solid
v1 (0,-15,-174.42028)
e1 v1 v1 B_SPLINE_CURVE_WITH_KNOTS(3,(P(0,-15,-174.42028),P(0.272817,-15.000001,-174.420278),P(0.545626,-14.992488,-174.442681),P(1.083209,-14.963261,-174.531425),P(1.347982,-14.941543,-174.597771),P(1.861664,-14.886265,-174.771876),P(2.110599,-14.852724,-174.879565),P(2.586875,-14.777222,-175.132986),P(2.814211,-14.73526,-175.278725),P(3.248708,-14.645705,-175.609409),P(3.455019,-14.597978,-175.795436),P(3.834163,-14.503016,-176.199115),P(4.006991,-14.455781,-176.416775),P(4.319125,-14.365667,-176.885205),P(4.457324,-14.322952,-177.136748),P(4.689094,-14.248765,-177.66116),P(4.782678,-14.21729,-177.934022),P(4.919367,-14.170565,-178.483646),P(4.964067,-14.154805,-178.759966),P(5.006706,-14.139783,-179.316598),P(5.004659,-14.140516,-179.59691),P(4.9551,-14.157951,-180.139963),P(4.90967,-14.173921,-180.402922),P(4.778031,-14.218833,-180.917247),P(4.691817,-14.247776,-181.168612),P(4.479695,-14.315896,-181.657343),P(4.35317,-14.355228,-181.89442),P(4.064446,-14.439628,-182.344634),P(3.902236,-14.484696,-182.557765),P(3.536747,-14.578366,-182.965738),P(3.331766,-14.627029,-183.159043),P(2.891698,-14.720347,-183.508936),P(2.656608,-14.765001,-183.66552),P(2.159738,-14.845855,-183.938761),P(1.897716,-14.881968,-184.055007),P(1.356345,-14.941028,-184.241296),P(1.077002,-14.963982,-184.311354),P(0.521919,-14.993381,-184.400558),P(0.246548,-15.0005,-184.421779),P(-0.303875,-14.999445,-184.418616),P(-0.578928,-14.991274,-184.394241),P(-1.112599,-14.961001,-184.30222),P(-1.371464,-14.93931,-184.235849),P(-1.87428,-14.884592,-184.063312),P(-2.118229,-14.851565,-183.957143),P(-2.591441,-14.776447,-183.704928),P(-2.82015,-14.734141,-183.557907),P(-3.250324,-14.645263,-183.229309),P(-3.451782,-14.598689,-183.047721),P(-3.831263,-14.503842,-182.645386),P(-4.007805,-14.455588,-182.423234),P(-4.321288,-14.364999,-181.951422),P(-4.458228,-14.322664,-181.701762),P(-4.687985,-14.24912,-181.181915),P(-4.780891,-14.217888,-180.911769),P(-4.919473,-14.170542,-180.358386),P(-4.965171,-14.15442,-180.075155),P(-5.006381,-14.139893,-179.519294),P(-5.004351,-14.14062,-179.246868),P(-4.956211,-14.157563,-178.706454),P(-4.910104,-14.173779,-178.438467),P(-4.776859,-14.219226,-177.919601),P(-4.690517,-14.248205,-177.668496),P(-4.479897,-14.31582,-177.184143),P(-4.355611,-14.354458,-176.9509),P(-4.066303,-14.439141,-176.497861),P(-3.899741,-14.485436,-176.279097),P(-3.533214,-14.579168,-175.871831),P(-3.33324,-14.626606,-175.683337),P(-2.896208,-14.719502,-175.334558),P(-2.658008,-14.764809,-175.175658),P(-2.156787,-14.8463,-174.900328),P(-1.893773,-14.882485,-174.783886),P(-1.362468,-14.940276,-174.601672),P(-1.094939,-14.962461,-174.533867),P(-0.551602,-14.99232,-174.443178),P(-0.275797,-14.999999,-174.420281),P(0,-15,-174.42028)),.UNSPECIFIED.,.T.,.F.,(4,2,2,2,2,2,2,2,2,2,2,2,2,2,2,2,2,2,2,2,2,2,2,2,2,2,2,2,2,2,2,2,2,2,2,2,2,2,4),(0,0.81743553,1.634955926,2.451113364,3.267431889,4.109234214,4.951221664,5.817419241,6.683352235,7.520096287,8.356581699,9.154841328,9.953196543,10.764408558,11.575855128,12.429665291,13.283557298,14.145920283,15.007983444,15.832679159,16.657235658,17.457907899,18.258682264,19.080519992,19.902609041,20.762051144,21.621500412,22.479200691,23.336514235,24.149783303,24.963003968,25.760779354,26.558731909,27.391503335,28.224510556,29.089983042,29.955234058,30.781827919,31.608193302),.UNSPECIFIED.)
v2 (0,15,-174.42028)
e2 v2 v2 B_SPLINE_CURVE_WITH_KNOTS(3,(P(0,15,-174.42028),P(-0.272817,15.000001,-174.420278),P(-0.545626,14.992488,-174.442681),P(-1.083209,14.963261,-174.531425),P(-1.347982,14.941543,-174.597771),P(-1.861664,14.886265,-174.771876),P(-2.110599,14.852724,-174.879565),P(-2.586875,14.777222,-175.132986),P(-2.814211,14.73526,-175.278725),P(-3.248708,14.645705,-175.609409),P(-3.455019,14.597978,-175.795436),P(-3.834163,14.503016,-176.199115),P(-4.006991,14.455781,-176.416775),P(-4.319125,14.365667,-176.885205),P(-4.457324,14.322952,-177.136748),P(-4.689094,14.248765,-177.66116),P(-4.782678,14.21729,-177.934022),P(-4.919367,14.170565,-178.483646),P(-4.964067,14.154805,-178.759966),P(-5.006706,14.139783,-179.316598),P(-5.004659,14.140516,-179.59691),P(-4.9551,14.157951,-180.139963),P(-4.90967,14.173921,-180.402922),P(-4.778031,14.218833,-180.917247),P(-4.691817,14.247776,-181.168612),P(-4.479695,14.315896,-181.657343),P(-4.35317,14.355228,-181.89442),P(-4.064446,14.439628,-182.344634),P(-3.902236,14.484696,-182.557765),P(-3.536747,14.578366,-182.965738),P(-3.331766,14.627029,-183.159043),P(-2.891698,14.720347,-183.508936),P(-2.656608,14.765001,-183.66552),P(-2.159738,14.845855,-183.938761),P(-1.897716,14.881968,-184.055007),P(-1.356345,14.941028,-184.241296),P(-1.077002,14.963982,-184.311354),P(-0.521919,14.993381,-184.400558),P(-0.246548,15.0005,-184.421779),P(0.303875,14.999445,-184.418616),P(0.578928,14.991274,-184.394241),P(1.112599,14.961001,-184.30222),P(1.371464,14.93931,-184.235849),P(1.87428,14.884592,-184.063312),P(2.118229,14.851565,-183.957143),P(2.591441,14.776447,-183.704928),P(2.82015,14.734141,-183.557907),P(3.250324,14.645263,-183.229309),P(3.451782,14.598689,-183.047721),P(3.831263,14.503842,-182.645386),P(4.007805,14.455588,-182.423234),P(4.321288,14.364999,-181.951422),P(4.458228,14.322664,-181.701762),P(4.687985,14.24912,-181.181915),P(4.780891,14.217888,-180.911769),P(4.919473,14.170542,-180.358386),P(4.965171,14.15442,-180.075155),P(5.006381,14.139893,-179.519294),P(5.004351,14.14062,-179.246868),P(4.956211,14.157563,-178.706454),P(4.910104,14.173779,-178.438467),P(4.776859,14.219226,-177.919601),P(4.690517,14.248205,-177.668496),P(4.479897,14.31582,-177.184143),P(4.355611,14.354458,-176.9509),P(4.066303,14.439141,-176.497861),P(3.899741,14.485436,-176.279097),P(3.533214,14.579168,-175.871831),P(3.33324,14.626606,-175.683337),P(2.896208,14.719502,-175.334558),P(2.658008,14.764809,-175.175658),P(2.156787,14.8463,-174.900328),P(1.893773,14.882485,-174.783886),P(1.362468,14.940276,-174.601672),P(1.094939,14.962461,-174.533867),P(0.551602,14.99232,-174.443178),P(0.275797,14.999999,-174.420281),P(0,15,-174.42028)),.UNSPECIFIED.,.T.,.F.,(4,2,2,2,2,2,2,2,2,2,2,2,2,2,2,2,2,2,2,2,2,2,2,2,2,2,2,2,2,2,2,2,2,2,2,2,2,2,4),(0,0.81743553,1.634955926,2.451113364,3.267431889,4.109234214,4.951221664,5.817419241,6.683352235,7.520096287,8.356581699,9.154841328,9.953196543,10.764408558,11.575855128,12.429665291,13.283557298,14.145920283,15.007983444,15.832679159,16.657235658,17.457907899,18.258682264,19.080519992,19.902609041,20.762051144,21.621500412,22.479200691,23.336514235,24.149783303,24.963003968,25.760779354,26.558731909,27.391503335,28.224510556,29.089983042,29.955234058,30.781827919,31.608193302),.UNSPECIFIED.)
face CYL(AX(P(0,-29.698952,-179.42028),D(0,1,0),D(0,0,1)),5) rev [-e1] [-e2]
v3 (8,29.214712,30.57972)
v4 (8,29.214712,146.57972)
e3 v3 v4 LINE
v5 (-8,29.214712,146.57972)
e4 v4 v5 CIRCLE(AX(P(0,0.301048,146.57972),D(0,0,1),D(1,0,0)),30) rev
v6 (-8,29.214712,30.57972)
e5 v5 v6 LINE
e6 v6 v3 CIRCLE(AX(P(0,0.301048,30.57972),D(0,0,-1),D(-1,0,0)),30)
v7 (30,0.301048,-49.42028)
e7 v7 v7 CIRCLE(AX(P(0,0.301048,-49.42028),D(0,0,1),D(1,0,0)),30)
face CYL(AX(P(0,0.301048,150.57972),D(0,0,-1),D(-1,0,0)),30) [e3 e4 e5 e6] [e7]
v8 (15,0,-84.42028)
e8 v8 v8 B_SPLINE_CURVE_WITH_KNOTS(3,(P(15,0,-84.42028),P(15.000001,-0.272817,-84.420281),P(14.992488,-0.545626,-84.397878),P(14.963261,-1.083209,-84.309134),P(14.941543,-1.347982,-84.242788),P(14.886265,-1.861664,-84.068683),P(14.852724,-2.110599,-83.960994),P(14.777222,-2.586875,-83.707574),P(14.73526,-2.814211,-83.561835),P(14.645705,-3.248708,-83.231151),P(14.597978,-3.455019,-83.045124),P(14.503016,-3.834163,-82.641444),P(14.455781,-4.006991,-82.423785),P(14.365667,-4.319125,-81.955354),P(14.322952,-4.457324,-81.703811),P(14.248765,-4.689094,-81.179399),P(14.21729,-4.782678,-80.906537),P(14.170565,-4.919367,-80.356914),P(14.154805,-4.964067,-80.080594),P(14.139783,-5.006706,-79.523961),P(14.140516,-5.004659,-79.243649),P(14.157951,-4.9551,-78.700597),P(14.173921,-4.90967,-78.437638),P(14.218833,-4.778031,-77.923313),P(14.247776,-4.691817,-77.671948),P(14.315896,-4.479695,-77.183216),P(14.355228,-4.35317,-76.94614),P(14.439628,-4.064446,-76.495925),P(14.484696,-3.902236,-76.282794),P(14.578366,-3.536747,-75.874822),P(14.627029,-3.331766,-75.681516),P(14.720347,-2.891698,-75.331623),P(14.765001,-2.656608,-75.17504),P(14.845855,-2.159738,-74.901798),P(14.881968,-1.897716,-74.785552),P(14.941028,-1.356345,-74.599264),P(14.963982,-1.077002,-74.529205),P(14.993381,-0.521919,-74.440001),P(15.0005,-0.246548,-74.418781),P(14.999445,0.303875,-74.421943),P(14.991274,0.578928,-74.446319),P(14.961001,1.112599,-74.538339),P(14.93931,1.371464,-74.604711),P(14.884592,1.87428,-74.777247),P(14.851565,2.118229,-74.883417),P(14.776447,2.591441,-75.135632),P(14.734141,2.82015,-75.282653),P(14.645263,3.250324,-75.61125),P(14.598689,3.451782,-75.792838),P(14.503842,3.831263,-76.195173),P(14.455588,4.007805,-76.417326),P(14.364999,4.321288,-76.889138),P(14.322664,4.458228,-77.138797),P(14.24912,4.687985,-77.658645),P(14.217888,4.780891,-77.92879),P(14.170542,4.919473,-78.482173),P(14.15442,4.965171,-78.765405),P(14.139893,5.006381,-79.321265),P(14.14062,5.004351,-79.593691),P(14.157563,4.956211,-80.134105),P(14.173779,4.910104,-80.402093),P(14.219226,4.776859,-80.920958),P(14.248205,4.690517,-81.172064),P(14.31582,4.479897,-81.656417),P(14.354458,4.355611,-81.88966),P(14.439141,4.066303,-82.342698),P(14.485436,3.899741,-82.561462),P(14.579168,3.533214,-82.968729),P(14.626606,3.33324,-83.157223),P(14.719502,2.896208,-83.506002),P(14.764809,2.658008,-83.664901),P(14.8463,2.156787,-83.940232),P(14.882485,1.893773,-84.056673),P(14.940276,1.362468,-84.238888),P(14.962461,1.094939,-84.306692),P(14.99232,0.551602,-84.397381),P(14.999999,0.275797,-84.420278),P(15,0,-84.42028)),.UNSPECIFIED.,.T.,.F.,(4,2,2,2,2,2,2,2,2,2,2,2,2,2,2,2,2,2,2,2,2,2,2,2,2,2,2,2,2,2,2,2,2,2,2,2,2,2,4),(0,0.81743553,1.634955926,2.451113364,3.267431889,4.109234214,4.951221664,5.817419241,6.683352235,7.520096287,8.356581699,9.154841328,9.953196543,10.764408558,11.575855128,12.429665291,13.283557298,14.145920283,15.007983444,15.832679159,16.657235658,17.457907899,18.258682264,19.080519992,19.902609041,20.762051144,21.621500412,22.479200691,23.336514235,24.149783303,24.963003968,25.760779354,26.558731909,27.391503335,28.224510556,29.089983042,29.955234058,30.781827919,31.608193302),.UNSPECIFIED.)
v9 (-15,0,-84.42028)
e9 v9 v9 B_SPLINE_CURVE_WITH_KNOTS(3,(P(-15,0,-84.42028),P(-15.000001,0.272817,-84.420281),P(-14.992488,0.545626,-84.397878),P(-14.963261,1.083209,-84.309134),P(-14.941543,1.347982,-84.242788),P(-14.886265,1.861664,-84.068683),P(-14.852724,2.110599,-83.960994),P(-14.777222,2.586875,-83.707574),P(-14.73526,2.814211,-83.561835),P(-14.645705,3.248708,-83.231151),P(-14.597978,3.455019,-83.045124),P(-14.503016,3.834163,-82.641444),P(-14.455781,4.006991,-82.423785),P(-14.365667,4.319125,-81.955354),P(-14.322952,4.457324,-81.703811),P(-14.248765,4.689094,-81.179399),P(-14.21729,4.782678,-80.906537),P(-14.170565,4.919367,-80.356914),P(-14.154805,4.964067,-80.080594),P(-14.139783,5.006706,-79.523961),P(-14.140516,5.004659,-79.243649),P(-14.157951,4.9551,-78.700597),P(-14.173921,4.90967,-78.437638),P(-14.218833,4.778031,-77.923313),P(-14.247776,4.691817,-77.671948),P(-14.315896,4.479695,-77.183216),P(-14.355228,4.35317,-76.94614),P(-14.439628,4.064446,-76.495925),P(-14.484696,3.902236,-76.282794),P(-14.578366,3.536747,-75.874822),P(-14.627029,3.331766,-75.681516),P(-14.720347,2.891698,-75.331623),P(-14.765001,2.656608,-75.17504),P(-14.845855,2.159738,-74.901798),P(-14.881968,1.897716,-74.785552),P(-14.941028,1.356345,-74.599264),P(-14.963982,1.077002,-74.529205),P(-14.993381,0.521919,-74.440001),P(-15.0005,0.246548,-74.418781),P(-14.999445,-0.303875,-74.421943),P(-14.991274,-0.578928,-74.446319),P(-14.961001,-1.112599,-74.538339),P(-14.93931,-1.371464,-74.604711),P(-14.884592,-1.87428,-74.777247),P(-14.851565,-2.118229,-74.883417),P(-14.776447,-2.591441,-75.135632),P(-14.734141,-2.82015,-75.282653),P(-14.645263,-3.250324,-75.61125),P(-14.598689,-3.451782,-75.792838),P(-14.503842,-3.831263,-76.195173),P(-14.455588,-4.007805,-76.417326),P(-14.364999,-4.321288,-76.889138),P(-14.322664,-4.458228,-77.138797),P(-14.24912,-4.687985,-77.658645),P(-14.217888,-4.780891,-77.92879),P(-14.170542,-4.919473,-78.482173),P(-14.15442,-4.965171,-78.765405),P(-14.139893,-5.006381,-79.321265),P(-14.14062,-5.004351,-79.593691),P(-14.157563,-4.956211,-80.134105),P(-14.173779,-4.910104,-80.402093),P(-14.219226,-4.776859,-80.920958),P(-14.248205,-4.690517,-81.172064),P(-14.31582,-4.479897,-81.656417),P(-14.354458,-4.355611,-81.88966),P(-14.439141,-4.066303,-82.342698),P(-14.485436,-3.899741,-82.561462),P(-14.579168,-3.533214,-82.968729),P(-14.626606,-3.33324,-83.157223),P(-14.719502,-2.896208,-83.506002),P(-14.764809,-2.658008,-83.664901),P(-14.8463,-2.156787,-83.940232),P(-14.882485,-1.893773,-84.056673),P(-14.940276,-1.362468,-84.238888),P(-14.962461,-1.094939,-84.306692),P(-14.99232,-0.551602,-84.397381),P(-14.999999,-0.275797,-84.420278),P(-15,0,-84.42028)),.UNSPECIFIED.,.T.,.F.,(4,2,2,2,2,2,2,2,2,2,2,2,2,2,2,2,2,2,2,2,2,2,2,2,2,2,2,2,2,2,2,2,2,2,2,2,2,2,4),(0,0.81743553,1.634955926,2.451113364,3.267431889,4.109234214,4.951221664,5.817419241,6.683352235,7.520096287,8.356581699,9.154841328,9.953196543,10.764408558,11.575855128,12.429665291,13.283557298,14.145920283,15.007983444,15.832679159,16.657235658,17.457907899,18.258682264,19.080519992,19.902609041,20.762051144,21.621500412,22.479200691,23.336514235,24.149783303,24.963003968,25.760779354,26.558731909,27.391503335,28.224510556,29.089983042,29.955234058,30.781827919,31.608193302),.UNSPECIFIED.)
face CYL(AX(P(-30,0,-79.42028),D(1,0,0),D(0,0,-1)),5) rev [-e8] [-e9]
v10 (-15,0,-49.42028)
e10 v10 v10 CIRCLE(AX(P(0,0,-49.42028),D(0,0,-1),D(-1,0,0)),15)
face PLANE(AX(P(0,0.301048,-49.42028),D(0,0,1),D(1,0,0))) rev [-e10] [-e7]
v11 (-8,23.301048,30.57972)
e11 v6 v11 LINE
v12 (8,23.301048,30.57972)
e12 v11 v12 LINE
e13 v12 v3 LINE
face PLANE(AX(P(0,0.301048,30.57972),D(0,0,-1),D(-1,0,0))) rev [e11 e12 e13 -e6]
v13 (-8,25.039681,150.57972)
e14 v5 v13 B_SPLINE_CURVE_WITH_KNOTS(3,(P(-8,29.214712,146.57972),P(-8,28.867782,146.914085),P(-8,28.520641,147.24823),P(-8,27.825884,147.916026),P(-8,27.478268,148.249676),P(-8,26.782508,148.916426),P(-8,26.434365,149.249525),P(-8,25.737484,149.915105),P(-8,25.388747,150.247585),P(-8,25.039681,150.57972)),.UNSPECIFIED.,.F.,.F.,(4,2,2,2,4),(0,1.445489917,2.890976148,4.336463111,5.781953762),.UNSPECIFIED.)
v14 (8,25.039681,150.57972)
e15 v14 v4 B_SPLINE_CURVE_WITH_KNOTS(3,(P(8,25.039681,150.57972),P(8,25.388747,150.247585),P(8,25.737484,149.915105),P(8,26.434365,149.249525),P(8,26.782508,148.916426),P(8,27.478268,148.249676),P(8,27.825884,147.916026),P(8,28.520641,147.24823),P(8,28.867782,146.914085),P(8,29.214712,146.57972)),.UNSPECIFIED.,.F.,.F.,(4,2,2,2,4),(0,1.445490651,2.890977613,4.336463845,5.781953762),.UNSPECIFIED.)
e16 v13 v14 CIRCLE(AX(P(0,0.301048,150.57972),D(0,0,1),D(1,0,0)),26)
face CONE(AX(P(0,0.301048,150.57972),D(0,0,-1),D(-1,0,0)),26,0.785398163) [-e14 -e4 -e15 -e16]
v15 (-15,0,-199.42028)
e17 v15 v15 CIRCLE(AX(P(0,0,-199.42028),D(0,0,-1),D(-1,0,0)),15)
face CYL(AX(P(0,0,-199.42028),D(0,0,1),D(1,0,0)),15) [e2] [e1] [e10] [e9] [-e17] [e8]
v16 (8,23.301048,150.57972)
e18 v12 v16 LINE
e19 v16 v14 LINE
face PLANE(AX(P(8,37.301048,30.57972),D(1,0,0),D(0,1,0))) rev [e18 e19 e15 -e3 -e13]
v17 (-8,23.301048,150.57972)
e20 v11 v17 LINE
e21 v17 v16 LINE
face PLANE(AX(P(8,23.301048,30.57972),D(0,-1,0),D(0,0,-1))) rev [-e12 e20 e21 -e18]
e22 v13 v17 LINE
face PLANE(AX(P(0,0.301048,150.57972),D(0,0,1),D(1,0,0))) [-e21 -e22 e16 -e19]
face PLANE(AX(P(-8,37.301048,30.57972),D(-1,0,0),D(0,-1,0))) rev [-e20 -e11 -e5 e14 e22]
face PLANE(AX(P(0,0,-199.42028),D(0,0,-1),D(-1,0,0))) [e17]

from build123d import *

# Parameters (mm, degrees)
SKETCH1_R               = 15
BOSS_EXTRUDE1_DEPTH     = 100
SKETCH2_W               = 8
SKETCH2_H               = 7
CUT_EXTRUDE1_DEPTH      = 60
CHAMFER1_SIZE           = 2
SCALE1_SCALE            = 2
SKETCH3_R               = 15
BOSS_EXTRUDE2_DEPTH     = 150
SKETCH4_R               = 5
CUT_EXTRUDE2_DEPTH      = 31.301047562
CUT_EXTRUDE2_DEPTH_BACK = 30.698952438
SKETCH5_R               = 5
CUT_EXTRUDE3_DEPTH      = 31
CUT_EXTRUDE3_DEPTH_BACK = 31


with BuildPart() as part:
    # Sketch1 → Boss-Extrude1 (new body)
    with BuildSketch(Plane.XY):
        Circle(SKETCH1_R)
    extrude(amount=BOSS_EXTRUDE1_DEPTH)

    # Sketch2 → Cut-Extrude1 (cut)
    with BuildSketch(Plane.XY.offset(100)):
        with Locations((0, 15)):
            Rectangle(SKETCH2_W, SKETCH2_H)
    extrude(amount=-CUT_EXTRUDE1_DEPTH, mode=Mode.SUBTRACT)

    # Chamfer1
    chamfer1_edges = [part.edges().sort_by_distance(p)[0] for p in [
        (-9.082951062, -11.937336386, 100),
    ]]
    chamfer(chamfer1_edges, length=CHAMFER1_SIZE)


with BuildPart() as part_1:
    # Scale1: scaled about (0, -0.301047562, 49.420279713)
    add(part.part.scale(SCALE1_SCALE).moved(Location((0, 0.301047562, -49.420279713))))

    # Sketch3 → Boss-Extrude2 (add)
    with BuildSketch(Plane(origin=(0, 0, -49.420279708), x_dir=(-1, 0, 0), z_dir=(0, 0, -1))):
        Circle(SKETCH3_R)
    extrude(amount=BOSS_EXTRUDE2_DEPTH)

    # Sketch4 → Cut-Extrude2 (cut, two sides)
    with BuildSketch(Plane(origin=(0, 0, 0), x_dir=(1, 0, 0), z_dir=(0, 1, 0))) as cut_extrude2_sk:
        with Locations((0, 179.420279708)):
            Circle(SKETCH4_R)
    extrude(amount=CUT_EXTRUDE2_DEPTH, mode=Mode.SUBTRACT)
    extrude(cut_extrude2_sk.sketch, amount=-CUT_EXTRUDE2_DEPTH_BACK, mode=Mode.SUBTRACT)

    # Sketch5 → Cut-Extrude3 (cut, two sides)
    with BuildSketch(Plane(origin=(0, 0, 0), x_dir=(0, 0, -1), z_dir=(1, 0, 0))) as cut_extrude3_sk:
        with Locations((79.420279708, 0)):
            Circle(SKETCH5_R)
    extrude(amount=CUT_EXTRUDE3_DEPTH, mode=Mode.SUBTRACT)
    extrude(cut_extrude3_sk.sketch, amount=-CUT_EXTRUDE3_DEPTH_BACK, mode=Mode.SUBTRACT)


solid = part_1.part
